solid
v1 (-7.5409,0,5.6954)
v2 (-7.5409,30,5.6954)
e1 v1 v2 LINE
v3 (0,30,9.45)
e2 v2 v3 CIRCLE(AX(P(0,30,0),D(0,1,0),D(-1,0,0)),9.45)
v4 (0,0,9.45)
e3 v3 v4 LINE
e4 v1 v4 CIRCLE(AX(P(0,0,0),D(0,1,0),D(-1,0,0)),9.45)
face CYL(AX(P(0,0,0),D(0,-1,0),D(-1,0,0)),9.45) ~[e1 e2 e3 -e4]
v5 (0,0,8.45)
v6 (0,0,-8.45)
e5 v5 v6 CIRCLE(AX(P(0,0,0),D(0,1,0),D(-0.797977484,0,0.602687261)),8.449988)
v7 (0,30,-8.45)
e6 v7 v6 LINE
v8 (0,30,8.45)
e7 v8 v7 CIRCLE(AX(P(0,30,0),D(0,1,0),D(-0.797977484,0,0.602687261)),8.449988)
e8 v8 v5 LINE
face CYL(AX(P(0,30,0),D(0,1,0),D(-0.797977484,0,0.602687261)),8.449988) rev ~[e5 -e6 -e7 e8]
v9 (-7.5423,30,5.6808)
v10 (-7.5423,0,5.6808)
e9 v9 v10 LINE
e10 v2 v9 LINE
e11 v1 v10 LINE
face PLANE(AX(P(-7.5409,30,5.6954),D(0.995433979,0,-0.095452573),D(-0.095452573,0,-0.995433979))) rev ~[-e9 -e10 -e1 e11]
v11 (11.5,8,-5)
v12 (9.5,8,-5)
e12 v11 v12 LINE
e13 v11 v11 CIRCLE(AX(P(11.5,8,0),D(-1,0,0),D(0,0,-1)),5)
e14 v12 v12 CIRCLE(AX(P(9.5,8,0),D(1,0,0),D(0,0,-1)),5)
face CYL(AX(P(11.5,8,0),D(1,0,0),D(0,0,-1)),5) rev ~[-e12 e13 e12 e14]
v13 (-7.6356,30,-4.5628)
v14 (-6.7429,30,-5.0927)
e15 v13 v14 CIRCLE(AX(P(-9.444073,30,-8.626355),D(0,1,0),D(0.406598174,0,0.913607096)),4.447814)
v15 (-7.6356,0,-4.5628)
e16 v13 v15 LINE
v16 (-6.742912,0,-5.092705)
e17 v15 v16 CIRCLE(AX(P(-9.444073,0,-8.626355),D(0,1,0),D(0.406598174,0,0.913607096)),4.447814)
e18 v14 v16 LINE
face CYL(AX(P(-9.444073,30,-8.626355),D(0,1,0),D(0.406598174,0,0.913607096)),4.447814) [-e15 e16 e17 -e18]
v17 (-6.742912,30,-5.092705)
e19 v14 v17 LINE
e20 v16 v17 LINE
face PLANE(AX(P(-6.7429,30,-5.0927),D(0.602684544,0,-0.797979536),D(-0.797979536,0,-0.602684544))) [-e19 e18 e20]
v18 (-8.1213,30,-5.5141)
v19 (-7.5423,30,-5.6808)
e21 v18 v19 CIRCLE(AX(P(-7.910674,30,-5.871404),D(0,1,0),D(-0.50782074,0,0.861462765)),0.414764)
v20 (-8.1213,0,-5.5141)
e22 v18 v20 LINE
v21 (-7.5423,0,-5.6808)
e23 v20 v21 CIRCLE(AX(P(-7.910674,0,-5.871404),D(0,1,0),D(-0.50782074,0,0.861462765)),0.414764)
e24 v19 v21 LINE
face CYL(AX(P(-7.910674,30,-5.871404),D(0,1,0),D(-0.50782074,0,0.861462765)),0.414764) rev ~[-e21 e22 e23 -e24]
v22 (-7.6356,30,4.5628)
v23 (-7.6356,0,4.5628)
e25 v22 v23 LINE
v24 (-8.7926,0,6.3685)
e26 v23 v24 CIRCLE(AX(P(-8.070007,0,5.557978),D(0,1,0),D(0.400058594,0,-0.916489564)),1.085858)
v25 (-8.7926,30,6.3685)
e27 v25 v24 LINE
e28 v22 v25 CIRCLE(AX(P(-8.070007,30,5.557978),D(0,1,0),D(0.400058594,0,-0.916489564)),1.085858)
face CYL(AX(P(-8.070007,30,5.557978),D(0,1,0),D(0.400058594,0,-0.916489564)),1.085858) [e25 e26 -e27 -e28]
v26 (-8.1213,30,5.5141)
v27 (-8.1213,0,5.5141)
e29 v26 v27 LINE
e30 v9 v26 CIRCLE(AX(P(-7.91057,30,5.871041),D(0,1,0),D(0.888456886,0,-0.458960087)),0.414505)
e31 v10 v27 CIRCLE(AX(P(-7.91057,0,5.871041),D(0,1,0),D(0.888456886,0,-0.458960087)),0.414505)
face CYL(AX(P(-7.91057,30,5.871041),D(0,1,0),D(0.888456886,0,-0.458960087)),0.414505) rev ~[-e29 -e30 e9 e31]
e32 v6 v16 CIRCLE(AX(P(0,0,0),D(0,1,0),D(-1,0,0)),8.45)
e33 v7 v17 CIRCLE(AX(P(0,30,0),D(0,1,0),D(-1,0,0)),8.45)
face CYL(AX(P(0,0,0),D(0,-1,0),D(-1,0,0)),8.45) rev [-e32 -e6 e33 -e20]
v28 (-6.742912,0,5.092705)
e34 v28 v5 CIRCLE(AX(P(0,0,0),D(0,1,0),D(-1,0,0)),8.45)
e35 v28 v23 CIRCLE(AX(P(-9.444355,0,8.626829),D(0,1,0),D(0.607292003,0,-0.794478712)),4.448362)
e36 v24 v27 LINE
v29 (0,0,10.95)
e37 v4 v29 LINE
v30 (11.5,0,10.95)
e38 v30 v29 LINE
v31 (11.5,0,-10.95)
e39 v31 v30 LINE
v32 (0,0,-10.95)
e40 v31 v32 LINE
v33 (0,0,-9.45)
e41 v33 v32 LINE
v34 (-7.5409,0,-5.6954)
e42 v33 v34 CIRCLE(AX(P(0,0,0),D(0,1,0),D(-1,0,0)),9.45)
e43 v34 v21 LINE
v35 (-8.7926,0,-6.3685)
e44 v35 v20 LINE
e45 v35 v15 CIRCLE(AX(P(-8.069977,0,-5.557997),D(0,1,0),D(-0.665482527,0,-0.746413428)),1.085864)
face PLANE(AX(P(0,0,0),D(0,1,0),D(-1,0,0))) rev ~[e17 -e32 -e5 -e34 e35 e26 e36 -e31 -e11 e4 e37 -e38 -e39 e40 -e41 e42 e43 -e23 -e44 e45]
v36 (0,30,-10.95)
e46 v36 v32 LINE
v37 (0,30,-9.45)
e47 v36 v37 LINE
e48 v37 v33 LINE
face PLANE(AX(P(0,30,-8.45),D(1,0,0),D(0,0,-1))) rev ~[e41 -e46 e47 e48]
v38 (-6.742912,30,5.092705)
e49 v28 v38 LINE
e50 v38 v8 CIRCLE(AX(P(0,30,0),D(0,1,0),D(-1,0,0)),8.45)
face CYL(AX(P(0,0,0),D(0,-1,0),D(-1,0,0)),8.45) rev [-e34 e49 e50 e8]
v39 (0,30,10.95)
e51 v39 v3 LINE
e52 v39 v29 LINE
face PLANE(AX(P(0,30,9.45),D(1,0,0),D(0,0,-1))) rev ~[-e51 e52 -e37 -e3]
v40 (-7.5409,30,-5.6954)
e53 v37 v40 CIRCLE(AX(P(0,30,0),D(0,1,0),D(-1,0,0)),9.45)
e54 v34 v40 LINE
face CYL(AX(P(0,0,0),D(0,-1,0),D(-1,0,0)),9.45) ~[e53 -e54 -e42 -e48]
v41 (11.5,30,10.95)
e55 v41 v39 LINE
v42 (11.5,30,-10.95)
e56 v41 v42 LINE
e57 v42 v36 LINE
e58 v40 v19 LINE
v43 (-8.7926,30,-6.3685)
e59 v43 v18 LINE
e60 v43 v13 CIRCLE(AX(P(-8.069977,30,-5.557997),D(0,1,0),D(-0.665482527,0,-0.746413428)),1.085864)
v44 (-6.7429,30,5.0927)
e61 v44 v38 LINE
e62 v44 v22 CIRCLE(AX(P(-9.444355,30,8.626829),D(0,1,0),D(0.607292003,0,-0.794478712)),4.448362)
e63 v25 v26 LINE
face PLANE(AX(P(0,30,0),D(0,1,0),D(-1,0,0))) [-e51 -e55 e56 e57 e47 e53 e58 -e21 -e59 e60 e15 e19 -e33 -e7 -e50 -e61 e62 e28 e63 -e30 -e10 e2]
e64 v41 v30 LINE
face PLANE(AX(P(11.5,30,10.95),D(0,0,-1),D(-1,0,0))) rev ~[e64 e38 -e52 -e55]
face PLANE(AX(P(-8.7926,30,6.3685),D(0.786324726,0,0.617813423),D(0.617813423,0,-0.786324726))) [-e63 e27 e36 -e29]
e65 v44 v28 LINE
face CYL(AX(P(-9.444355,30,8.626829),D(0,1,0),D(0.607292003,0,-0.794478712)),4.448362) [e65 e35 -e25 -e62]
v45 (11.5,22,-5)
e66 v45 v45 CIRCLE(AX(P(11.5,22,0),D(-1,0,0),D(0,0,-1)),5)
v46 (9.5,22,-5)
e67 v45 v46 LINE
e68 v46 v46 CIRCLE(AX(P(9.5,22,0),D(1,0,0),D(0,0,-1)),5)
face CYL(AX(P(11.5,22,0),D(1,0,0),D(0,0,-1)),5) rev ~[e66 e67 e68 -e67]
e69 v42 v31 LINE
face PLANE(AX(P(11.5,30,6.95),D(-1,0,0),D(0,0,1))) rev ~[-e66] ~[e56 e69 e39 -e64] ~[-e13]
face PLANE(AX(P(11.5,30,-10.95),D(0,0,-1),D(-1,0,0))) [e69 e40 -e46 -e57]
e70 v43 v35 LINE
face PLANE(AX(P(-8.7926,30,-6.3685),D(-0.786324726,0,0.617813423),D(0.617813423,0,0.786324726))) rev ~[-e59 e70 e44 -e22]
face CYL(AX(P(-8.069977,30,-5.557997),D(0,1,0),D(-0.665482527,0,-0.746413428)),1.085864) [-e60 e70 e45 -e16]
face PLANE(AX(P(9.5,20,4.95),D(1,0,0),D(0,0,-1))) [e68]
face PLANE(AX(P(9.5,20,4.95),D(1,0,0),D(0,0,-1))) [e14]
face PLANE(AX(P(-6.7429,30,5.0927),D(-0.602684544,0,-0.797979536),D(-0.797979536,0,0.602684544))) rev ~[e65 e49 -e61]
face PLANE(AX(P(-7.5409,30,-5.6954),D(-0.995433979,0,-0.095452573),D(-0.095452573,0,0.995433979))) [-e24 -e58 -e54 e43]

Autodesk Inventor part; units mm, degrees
ref_plane "YZ Plane" through (0, 0, 0) normal (1, 0, 0) x (0, 1, 0)
ref_plane "XZ Plane" through (0, 0, 0) normal (0, 1, 0) x (-1, 0, 0)
ref_plane "XY Plane" through (0, 0, 0) normal (0, 0, 1) x (1, 0, 0)
sketch "Эскиз1" plane through (0, 0, 0) normal (0, 1, 0) x (-1, 0, 0)
  circle A0 centre (0, 0) radius 8.45
  circle A1 centre (0, 0) radius 9.45
  line L0 (0, 0) -> (7.5409, 5.6954)
  line L1 (0, 0) -> (7.5409, -5.6954)
  point P0 (6.7429, -5.0927)
  point P1 (6.7429, 5.0927)
  dimension "d0" = 16.9
  dimension "d1" = 18.9
extrude "Выдавливание1" add sketch "Эскиз1" along normal blind 30 contours A0 L1 A1 L0 picked at (6.7284, 6.0563)
sketch "Эскиз2" plane through (0, 30, 0) normal (0, 1, 0) x (1, 0, 0)
  arc A0 (-6.7429, -5.0927) -> (-7.6356, -4.5628) centre (-9.4442, -8.6266) ccw
  arc A1 (-7.6356, -4.5628) -> (-8.7926, -6.3685) centre (-8.07, -5.558) ccw
  line L0 (-8.7926, -6.3685) -> (-8.1213, -5.5141)
  arc A2 (-7.5423, -5.6808) -> (-8.1213, -5.5141) centre (-7.9107, -5.8712) ccw
  line L1 (-6.7429, -5.0927) -> (-7.5409, -5.6954)
  line L2 (-7.5409, -5.6954) -> (-6.7429, -5.0927)
  line L3 (-7.5409, -5.6954) -> (-7.5423, -5.6808)
  line L4 (-0.0151, 0) -> (-3.489, 0)
  arc A3 (-7.6356, 4.5628) -> (-6.7429, 5.0927) centre (-9.4442, 8.6266) ccw
  arc A4 (-8.1213, 5.5141) -> (-7.5423, 5.6808) centre (-7.9107, 5.8712) ccw
  line L5 (-6.7429, 5.0927) -> (-7.5409, 5.6954)
  line L6 (-7.5409, 5.6954) -> (-6.7429, 5.0927)
  line L7 (-7.5409, 5.6954) -> (-7.5423, 5.6808)
  arc A5 (-8.7926, 6.3685) -> (-7.6356, 4.5628) centre (-8.07, 5.558) ccw
  line L8 (-8.7926, 6.3685) -> (-8.1213, 5.5141)
  point P0 (-6.7429, 5.0927)
  point P1 (-5.3694, -4.0591)
  point P2 (-7.5409, 5.6954)
  point P3 (-5.3694, 4.0591)
  point P4 (-7.5409, 5.6954)
  dimension "d25" = 1.0859
sketch "Эскиз3" plane through (0, 30, 0) normal (0, 1, 0) x (1, 0, 0)
  arc A0 (-7.5409, -5.6954) -> (-7.5409, 5.6954) centre (0, 0) ccw projected
  line L0 (11.5, -6.95) -> (11.5, 6.95)
  arc A1 (-6.7429, -5.0927) -> (-6.7429, 5.0927) centre (0, 0) ccw projected
  arc A2 (0, -8.45) -> (0, 8.45) centre (0, 0) ccw
  line L1 (0, -9.45) -> (0, -8.45)
  line L2 (0, 8.45) -> (0, 9.45)
  line L3 (11.5, 6.95) -> (11.5, 10.95)
  line L4 (11.5, -6.95) -> (11.5, -10.95)
  line L5 (0, 4.95) -> (0, 9.45)
  line L6 (11.5, -10.95) -> (0, -10.95)
  line L7 (0, -10.95) -> (0, -9.45)
  line L8 (11.5, 10.95) -> (0, 10.95)
  line L9 (0, 10.95) -> (0, 9.45)
  point P0 (0, 8.45)
  dimension "d13" = 4
  dimension "d14" = 4
  dimension "d22" = 21.9
  dimension "d23" = 2.5
extrude "Выдавливание3" add sketch "Эскиз3" against normal blind 30
ref_plane "РабПлоскость1" through (11.5, 20, 4.95) normal (1, 0, 0) x (0, 0, -1)
sketch "Эскиз4" plane through (11.5, 20, 4.95) normal (1, 0, 0) x (0, 0, -1)
  line L0 (4.95, -20) -> (4.95, 10)
  line L1 (1, 10) -> (8.9, 10) projected
  circle A0 centre (4.95, -12) radius 5
  line L2 (14.4, -20) -> (-4.5, -20) projected
  circle A1 centre (4.95, 2) radius 5
  line L3 (-4.5, 10) -> (14.4, 10) projected
  point P0 (7.3306, 10)
  point P1 (2.5694, 10)
  point P2 (4.95, 10)
  dimension "d15" = 10
  dimension "d16" = 8
  dimension "d17" = 10
  dimension "d18" = 8
extrude "Выдавливание4" cut sketch "Эскиз4" against normal blind 2
extrude "Выдавливание5" add sketch "Эскиз2" against normal blind 30
properties part number "крепление маркера 17мм"
